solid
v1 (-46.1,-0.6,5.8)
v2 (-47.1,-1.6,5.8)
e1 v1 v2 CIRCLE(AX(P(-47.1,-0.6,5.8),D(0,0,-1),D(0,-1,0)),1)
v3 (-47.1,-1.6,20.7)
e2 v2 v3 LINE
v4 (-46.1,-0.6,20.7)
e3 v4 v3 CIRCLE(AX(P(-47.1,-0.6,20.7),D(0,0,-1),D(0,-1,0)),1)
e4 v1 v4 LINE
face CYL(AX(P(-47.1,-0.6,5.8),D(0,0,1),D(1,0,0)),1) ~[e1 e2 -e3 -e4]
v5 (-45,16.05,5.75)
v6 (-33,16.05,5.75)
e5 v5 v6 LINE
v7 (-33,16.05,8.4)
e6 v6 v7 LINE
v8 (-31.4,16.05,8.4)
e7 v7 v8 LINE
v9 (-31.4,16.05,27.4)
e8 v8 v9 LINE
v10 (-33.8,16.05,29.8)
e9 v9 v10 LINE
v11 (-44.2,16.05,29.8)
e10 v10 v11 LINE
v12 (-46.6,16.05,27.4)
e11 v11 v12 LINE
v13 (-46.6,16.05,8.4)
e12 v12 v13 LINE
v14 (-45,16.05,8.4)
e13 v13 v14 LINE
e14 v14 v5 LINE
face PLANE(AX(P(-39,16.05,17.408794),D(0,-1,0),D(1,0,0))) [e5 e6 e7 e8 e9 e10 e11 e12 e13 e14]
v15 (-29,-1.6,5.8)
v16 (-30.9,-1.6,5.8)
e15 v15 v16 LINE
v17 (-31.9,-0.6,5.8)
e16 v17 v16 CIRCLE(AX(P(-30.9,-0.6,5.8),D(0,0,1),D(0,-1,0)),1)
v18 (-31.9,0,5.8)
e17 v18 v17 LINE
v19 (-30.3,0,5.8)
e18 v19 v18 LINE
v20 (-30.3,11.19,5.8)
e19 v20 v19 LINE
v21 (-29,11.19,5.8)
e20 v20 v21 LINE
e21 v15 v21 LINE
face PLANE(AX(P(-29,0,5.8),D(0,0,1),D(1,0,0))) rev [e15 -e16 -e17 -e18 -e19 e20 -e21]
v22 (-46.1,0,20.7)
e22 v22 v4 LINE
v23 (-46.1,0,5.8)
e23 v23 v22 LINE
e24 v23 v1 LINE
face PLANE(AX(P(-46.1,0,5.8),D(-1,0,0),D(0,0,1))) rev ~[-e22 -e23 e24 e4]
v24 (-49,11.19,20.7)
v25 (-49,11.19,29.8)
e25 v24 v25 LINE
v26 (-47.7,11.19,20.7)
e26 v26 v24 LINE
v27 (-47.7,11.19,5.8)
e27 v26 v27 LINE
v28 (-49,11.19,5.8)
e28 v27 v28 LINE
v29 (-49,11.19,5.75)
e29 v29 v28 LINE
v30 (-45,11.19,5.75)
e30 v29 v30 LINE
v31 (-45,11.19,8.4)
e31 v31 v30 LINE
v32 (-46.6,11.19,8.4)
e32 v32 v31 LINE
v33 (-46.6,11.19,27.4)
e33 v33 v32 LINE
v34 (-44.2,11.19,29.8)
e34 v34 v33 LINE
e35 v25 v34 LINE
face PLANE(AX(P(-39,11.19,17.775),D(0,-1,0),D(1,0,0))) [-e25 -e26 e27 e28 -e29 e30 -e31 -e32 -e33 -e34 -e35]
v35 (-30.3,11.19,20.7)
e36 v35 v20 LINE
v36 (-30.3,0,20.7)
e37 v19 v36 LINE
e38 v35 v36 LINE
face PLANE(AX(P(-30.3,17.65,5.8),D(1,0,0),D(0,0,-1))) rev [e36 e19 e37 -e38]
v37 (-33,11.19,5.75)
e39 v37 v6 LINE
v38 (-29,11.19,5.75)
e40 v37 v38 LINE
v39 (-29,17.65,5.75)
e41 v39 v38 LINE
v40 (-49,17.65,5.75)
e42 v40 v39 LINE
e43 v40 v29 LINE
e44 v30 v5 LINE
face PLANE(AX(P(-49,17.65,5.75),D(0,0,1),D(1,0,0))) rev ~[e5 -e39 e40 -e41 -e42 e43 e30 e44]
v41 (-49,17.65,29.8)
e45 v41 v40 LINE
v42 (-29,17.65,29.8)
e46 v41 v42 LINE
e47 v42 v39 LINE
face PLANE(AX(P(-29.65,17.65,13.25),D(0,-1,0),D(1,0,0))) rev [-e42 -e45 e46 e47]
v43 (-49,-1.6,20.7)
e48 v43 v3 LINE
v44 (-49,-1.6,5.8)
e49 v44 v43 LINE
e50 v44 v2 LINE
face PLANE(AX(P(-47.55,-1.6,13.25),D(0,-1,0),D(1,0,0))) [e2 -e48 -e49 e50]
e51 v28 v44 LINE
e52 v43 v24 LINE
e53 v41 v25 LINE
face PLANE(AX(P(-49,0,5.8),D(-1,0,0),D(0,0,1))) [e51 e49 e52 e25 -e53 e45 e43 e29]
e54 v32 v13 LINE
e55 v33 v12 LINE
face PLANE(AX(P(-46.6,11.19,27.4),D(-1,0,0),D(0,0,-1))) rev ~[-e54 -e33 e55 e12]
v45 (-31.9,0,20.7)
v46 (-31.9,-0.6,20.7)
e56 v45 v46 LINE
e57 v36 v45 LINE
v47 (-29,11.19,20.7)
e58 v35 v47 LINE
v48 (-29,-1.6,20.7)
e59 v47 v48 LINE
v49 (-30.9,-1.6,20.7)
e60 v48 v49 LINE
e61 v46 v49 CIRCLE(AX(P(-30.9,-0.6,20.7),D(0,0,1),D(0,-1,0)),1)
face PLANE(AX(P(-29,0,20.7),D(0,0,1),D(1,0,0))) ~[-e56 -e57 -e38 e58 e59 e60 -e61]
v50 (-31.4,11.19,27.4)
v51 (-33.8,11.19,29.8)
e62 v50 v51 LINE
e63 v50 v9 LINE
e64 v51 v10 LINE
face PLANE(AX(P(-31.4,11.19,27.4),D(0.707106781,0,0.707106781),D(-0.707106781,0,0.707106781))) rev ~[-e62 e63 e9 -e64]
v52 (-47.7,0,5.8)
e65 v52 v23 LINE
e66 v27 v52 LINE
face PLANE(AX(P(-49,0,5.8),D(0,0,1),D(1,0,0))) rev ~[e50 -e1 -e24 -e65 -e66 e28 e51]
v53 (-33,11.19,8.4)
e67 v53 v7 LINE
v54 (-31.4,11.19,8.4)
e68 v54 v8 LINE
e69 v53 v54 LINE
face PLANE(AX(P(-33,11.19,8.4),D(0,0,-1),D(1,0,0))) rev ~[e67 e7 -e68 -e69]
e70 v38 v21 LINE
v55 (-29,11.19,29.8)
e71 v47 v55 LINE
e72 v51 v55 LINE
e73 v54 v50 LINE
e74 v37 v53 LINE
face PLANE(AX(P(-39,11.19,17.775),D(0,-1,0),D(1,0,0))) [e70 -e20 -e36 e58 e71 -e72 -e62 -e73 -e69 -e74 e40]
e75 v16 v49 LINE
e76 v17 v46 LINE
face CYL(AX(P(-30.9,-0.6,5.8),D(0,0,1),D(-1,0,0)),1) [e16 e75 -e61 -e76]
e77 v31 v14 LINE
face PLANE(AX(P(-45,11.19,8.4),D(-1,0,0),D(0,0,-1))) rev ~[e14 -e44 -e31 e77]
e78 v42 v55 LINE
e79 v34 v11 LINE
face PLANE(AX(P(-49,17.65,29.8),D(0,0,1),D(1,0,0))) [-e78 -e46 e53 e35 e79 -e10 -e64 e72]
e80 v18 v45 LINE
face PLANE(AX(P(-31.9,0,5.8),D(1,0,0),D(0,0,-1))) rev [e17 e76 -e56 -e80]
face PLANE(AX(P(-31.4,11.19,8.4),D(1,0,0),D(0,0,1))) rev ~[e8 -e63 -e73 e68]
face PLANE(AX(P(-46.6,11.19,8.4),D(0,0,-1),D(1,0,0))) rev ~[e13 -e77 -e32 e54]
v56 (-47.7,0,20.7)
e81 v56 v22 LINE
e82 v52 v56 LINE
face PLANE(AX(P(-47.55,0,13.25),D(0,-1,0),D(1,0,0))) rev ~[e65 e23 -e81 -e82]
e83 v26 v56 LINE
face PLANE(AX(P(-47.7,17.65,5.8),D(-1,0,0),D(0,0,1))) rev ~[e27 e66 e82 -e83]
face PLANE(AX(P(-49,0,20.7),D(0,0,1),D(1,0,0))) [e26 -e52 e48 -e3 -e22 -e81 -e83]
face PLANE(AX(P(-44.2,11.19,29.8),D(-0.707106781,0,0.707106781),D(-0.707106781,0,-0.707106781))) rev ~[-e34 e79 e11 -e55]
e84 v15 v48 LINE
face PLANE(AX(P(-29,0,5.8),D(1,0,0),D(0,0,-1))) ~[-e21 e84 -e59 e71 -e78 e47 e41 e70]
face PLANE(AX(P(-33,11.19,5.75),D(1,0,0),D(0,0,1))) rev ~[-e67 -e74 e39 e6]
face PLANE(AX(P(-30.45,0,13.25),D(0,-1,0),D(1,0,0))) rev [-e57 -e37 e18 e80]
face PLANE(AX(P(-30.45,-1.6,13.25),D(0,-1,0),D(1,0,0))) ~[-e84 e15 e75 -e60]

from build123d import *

# Parameters (mm, degrees)
SKETCH021_W             = 20
SKETCH021_H             = 24.05
PAD010_DEPTH            = 6.46
POCKET008_DEPTH         = 4.86
SKETCH022_W             = 1.3
SKETCH022_H             = 14.9
PAD011_DEPTH            = 17.65
SKETCH023_W             = 2.9
SKETCH023_H             = 14.9
PAD012_DEPTH            = 1.6
FILLET017_R             = 1
BODY003_PLACEMENT_ANGLE = 90


with BuildPart() as part:
    # Sketch021 → Pad010 (new body)
    with BuildSketch(Plane.XY):
        with Locations((0, 12.025)):
            Rectangle(SKETCH021_W, SKETCH021_H)
    extrude(amount=PAD010_DEPTH)

    # Sketch020 (on Face6 of Pad010) → Pocket008 (cut)
    with BuildSketch(Plane.XY.offset(6.46)):
        Polygon((7.6, 2.65), (7.6, 21.65), (5.2, 24.05), (-5.2, 24.05), (-7.6, 21.65), (-7.6, 2.65), (-6, 2.65), (-6, 0), (6, 0), (6, 2.65), align=None)
    extrude(amount=-POCKET008_DEPTH, mode=Mode.SUBTRACT)

    # Sketch022 → Pad011 (join)
    with BuildSketch(Plane.XY):
        with Locations((-9.35, 7.5)):
            Rectangle(SKETCH022_W, SKETCH022_H)
    pad011 = extrude(amount=PAD011_DEPTH)

    # Sketch023 (on Face23 of Pad011) → Pad012 (join)
    with BuildSketch(Plane.XY.offset(17.65)):
        with Locations((-8.55, 7.5)):
            Rectangle(SKETCH023_W, SKETCH023_H)
    pad012 = extrude(amount=PAD012_DEPTH)

    # Mirrored004: Pad011, Pad012 across Sketch022 V_Axis
    add(pad011.mirror(Plane(origin=(0, 0, 0), x_dir=(0, 0, 1), z_dir=(1, 0, 0))))
    add(pad012.mirror(Plane(origin=(0, 0, 0), x_dir=(0, 0, 1), z_dir=(1, 0, 0))))

    # Fillet017
    fillet017_edges = [part.edges().sort_by_distance(p)[0] for p in [
        (7.1, 7.5, 19.25),
        (-7.1, 7.5, 19.25),
    ]]
    fillet(fillet017_edges, radius=FILLET017_R)


with BuildPart() as part_1:
    # Body003 placement: moved
    add(part.part.moved(Location((-39, 17.65, 5.75))).rotate(Axis((-39, 17.65, 5.75), (1, 0, 0)), BODY003_PLACEMENT_ANGLE))


solid = part_1.part
